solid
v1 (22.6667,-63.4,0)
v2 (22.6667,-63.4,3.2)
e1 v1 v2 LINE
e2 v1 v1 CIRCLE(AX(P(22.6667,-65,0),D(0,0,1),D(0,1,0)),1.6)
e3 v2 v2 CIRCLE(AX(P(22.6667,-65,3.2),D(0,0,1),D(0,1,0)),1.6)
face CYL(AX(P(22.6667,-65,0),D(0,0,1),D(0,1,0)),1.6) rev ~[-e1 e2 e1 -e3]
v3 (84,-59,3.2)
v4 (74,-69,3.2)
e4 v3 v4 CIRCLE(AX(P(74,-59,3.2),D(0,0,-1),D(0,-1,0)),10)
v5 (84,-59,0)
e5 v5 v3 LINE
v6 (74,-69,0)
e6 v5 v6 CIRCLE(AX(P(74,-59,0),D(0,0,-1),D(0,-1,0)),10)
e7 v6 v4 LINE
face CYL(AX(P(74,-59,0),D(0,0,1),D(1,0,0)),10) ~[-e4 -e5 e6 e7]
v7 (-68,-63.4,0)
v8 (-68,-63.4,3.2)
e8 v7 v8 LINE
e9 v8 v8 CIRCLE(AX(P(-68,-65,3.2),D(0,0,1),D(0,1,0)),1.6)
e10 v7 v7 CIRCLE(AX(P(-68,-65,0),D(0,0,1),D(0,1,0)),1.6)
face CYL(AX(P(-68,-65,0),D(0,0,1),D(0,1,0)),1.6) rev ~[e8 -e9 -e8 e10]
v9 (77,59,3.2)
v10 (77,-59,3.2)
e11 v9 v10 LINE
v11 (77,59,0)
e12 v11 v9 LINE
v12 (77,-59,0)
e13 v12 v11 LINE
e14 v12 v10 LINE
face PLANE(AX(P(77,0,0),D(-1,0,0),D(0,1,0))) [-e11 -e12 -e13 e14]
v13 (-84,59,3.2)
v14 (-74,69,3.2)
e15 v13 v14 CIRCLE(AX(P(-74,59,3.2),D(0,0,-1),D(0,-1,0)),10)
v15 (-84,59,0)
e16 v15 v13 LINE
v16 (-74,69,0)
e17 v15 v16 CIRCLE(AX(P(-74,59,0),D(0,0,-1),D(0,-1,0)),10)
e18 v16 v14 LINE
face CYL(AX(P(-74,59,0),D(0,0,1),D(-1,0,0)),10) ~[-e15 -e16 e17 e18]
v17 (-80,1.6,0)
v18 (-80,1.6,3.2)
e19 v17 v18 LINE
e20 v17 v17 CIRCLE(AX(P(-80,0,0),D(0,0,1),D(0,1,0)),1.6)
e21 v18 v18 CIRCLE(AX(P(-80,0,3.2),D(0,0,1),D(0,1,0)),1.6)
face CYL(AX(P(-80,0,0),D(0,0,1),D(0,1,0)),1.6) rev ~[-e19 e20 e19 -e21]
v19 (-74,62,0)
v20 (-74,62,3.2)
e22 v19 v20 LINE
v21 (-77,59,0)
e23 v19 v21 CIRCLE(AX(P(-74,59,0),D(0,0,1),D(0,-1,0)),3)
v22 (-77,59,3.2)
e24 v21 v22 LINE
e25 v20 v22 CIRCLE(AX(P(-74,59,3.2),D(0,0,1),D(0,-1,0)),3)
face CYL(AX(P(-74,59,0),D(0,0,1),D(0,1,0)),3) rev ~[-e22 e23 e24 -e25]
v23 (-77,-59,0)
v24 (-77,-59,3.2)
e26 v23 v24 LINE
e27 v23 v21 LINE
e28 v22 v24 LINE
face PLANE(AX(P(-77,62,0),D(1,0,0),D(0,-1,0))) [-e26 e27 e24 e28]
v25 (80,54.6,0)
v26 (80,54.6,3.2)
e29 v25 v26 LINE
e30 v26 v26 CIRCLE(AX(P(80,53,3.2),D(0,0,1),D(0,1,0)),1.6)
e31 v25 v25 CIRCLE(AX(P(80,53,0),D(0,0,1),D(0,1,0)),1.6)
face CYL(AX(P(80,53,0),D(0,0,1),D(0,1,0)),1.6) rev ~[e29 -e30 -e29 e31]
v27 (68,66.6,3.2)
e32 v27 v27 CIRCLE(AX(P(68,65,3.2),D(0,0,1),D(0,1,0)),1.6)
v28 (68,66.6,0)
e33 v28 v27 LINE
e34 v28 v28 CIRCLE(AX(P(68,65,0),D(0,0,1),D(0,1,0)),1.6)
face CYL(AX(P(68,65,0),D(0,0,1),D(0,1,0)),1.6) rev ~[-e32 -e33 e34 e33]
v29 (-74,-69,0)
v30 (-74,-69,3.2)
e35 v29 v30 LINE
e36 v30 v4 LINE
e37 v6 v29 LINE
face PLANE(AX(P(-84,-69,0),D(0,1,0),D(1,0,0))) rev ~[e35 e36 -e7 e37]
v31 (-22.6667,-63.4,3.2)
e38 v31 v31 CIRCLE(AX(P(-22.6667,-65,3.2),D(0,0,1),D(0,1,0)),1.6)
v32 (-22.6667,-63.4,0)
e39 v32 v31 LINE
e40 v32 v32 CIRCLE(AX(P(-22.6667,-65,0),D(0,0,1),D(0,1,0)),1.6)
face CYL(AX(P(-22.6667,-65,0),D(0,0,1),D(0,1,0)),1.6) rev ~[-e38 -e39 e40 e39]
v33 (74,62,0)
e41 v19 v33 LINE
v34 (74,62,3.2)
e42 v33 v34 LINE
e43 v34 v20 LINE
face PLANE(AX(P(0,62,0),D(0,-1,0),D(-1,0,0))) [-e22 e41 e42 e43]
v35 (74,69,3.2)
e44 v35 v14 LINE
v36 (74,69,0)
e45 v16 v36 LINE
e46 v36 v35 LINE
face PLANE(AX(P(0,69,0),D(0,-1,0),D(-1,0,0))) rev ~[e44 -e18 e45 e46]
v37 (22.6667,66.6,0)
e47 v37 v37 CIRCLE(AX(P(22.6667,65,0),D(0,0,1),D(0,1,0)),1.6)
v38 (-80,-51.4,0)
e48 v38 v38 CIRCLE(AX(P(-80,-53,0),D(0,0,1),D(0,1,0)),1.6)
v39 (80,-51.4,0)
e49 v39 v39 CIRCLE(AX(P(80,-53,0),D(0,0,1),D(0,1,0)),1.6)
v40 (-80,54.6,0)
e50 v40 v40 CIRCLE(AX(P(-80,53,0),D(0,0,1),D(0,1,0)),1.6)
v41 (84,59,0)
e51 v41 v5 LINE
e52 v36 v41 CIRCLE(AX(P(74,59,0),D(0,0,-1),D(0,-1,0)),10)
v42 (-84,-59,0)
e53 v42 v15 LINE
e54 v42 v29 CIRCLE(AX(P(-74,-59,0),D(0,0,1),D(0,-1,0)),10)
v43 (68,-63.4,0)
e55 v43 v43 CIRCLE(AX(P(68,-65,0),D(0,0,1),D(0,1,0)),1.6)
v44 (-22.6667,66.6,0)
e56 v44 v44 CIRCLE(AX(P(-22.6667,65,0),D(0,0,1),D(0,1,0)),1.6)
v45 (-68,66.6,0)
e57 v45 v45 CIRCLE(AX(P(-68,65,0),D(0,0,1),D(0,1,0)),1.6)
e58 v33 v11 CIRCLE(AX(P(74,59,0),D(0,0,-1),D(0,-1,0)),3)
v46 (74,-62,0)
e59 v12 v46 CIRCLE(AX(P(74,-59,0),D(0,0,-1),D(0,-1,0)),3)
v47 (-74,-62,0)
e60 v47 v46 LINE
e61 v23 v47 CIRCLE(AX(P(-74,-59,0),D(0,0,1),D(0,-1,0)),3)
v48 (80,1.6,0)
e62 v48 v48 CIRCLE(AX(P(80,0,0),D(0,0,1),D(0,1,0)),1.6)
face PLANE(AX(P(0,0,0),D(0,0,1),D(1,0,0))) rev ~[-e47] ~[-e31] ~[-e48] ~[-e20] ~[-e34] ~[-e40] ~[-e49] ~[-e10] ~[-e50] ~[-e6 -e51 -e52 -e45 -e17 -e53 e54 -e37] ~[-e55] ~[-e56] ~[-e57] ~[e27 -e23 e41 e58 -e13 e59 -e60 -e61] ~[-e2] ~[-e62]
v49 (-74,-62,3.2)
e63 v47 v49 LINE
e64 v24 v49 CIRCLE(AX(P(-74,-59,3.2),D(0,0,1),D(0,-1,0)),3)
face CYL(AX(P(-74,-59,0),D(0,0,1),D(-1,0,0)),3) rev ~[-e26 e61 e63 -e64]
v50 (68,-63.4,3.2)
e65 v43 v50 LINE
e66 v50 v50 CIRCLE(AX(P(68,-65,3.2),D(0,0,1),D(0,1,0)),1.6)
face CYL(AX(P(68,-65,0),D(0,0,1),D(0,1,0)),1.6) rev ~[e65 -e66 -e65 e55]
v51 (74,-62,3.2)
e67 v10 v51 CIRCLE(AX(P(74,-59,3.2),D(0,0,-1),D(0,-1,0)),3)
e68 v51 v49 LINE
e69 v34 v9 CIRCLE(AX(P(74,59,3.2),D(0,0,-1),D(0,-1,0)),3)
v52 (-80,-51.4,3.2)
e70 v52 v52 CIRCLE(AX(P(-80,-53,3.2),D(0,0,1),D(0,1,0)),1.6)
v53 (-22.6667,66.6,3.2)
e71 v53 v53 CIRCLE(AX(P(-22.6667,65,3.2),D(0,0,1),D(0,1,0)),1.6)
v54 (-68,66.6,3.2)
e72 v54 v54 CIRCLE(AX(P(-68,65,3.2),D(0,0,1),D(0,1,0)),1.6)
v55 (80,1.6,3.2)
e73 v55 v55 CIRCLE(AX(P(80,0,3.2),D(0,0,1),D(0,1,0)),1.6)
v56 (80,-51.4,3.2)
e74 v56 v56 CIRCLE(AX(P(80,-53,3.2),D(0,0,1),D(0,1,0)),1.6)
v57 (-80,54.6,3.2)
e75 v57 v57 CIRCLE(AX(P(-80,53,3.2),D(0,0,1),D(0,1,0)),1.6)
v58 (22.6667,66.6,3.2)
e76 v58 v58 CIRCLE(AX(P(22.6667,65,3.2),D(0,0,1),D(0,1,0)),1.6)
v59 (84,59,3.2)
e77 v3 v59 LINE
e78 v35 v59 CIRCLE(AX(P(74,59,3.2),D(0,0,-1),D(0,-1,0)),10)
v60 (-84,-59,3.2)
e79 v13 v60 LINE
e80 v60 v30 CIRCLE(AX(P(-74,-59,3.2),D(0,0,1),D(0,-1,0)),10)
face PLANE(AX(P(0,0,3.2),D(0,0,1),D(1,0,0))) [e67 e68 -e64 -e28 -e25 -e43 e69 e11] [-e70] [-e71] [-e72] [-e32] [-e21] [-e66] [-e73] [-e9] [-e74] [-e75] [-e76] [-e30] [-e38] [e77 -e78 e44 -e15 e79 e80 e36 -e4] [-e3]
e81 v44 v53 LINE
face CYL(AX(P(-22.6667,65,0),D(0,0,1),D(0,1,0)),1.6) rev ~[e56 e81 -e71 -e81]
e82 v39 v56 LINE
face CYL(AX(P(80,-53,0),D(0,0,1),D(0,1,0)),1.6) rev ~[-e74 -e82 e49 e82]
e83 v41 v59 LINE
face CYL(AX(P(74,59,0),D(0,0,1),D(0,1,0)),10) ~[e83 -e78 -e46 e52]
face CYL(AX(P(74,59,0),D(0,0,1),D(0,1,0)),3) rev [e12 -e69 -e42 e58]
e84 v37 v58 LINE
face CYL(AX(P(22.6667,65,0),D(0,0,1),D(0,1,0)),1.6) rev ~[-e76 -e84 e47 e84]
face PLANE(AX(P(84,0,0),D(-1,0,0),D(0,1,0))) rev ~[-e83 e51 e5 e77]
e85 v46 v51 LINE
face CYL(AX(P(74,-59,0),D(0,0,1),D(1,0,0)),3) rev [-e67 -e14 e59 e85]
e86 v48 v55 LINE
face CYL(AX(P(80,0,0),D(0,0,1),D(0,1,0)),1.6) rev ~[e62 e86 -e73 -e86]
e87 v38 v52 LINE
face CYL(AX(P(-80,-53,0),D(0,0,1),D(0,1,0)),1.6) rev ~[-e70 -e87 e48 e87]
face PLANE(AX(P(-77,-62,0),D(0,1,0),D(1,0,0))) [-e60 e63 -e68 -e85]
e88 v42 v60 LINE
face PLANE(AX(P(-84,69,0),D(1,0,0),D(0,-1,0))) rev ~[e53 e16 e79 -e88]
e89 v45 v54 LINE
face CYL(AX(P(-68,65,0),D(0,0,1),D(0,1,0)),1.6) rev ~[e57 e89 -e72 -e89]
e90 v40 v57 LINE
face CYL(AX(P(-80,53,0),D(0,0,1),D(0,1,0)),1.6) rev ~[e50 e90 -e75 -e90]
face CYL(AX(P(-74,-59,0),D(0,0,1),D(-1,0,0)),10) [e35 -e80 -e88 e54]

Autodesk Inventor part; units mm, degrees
ref_plane "YZ Plane" through (0, 0, 0) normal (1, 0, 0) x (0, 1, 0)
ref_plane "XZ Plane" through (0, 0, 0) normal (0, 1, 0) x (-1, 0, 0)
ref_plane "XY Plane" through (0, 0, 0) normal (0, 0, 1) x (1, 0, 0)
sketch "Sketch1" plane through (0, 0, 0) normal (0, 0, 1) x (1, 0, 0)
  line L0 (-76, 61) -> (76, 61)
  line L1 (76, 61) -> (76, -61)
  line L2 (76, -61) -> (-76, -61)
  line L3 (-76, -61) -> (-76, 61)
  line L4 (-69.5, 55) -> (69.5, 55)
  line L5 (69.5, 55) -> (69.5, -55)
  line L6 (69.5, -55) -> (-69.5, -55)
  line L7 (-69.5, -55) -> (-69.5, 55)
  line L8 (84, 69) -> (-84, 69)
  line L9 (-84, 69) -> (-84, -69)
  line L10 (-84, -69) -> (84, -69)
  line L11 (84, -69) -> (84, 69)
  line L12 (72.5, 58) -> (-72.5, 58)
  line L13 (-72.5, 58) -> (-72.5, -58)
  line L14 (-72.5, -58) -> (72.5, -58)
  line L15 (72.5, -58) -> (72.5, 58)
  line L16 (0, 109.6961) -> (0, -131.8013)
  line L17 (-145.0248, 0) -> (154.2595, 0)
  line L18 (77, -62) -> (77, 62)
  line L19 (77, 62) -> (-77, 62)
  line L20 (-77, 62) -> (-77, -62)
  line L21 (-77, -62) -> (77, -62)
  point P0 (0, 0)
  point P1 (-68, -65)
  point P2 (-80, -53)
  point P3 (-22.6667, -65)
  point P4 (22.6667, -65)
  point P5 (68, -65)
  point P6 (-80, 0)
  point P7 (-80, 53)
  point P8 (80, -53)
  point P9 (80, 0)
  point P10 (80, 53)
  point P11 (-68, 65)
  point P12 (-22.6667, 65)
  point P13 (22.6667, 65)
  point P14 (68, 65)
  dimension "d0" = 152
  dimension "d1" = 122
  dimension "d2" = 139
  dimension "d3" = 110
  dimension "d4" = 6
  dimension "d5" = 6.5
  dimension "d6" = 8
  dimension "d7" = 3
  dimension "d44" = 69.5
  dimension "d45" = 55
  dimension "d84" = 4
  dimension "d85" = 4
  dimension "d87" = 16
  dimension "d88" = 16
  dimension "d89" = 168
  dimension "d90" = 138
  dimension "d93" = 45.3333
  dimension "d100" = 53
  dimension "d119" = 1
extrude "Extrusion1" add sketch "Sketch1" along normal blind 3.2 contours L19 L20 L17 L9 L8 L16 | L16 L8 L11 L17 L18 L19 | L20 L21 L16 L10 L9 L17 | L17 L11 L10 L16 L21 L18
fillet "Fillet8" radius 10 4 edges at (-84, -69, 1.6) (84, -69, 1.6) (84, 69, 1.6) (-84, 69, 1.6)
hole "Hole2" at (-68, -65, 0) at (-80, -53, 0) at (-22.6667, -65, 0) at (22.6667, -65, 0) at (68, -65, 0) at (-80, 0, 0) at (-80, 53, 0) at (80, 53, 0) at (80, 0, 0) at (80, -53, 0) at (-68, 65, 0) at (-22.6667, 65, 0) at (22.6667, 65, 0) at (68, 65, 0) direction (0, 0, 1) diameter 3.2 depth 3.2
fillet "Fillet9" radius 3 4 edges at (77, 62, 1.6) (-77, 62, 1.6) (-77, -62, 1.6) (77, -62, 1.6)
equation "\"d4\" = -0.5 * d3 + 0.5 * d1"
equation "\"d5\" = -0.5 * d2 + 0.5 * d0"
equation "\"d44\" = 0.5 * d2"
equation "\"d45\" = 0.5 * d3"
equation "\"d84\" = 0.5 * d6"
equation "\"d85\" = d84"
equation "\"d88\" = d87"
equation "\"d93\" = -0.666667 * d87 + 0.333333 * d89"
equation "\"d100\" = -d88 + 0.5 * d90"
properties part number "3DP_PLA_Front_filter_mount_hood_spacer"
